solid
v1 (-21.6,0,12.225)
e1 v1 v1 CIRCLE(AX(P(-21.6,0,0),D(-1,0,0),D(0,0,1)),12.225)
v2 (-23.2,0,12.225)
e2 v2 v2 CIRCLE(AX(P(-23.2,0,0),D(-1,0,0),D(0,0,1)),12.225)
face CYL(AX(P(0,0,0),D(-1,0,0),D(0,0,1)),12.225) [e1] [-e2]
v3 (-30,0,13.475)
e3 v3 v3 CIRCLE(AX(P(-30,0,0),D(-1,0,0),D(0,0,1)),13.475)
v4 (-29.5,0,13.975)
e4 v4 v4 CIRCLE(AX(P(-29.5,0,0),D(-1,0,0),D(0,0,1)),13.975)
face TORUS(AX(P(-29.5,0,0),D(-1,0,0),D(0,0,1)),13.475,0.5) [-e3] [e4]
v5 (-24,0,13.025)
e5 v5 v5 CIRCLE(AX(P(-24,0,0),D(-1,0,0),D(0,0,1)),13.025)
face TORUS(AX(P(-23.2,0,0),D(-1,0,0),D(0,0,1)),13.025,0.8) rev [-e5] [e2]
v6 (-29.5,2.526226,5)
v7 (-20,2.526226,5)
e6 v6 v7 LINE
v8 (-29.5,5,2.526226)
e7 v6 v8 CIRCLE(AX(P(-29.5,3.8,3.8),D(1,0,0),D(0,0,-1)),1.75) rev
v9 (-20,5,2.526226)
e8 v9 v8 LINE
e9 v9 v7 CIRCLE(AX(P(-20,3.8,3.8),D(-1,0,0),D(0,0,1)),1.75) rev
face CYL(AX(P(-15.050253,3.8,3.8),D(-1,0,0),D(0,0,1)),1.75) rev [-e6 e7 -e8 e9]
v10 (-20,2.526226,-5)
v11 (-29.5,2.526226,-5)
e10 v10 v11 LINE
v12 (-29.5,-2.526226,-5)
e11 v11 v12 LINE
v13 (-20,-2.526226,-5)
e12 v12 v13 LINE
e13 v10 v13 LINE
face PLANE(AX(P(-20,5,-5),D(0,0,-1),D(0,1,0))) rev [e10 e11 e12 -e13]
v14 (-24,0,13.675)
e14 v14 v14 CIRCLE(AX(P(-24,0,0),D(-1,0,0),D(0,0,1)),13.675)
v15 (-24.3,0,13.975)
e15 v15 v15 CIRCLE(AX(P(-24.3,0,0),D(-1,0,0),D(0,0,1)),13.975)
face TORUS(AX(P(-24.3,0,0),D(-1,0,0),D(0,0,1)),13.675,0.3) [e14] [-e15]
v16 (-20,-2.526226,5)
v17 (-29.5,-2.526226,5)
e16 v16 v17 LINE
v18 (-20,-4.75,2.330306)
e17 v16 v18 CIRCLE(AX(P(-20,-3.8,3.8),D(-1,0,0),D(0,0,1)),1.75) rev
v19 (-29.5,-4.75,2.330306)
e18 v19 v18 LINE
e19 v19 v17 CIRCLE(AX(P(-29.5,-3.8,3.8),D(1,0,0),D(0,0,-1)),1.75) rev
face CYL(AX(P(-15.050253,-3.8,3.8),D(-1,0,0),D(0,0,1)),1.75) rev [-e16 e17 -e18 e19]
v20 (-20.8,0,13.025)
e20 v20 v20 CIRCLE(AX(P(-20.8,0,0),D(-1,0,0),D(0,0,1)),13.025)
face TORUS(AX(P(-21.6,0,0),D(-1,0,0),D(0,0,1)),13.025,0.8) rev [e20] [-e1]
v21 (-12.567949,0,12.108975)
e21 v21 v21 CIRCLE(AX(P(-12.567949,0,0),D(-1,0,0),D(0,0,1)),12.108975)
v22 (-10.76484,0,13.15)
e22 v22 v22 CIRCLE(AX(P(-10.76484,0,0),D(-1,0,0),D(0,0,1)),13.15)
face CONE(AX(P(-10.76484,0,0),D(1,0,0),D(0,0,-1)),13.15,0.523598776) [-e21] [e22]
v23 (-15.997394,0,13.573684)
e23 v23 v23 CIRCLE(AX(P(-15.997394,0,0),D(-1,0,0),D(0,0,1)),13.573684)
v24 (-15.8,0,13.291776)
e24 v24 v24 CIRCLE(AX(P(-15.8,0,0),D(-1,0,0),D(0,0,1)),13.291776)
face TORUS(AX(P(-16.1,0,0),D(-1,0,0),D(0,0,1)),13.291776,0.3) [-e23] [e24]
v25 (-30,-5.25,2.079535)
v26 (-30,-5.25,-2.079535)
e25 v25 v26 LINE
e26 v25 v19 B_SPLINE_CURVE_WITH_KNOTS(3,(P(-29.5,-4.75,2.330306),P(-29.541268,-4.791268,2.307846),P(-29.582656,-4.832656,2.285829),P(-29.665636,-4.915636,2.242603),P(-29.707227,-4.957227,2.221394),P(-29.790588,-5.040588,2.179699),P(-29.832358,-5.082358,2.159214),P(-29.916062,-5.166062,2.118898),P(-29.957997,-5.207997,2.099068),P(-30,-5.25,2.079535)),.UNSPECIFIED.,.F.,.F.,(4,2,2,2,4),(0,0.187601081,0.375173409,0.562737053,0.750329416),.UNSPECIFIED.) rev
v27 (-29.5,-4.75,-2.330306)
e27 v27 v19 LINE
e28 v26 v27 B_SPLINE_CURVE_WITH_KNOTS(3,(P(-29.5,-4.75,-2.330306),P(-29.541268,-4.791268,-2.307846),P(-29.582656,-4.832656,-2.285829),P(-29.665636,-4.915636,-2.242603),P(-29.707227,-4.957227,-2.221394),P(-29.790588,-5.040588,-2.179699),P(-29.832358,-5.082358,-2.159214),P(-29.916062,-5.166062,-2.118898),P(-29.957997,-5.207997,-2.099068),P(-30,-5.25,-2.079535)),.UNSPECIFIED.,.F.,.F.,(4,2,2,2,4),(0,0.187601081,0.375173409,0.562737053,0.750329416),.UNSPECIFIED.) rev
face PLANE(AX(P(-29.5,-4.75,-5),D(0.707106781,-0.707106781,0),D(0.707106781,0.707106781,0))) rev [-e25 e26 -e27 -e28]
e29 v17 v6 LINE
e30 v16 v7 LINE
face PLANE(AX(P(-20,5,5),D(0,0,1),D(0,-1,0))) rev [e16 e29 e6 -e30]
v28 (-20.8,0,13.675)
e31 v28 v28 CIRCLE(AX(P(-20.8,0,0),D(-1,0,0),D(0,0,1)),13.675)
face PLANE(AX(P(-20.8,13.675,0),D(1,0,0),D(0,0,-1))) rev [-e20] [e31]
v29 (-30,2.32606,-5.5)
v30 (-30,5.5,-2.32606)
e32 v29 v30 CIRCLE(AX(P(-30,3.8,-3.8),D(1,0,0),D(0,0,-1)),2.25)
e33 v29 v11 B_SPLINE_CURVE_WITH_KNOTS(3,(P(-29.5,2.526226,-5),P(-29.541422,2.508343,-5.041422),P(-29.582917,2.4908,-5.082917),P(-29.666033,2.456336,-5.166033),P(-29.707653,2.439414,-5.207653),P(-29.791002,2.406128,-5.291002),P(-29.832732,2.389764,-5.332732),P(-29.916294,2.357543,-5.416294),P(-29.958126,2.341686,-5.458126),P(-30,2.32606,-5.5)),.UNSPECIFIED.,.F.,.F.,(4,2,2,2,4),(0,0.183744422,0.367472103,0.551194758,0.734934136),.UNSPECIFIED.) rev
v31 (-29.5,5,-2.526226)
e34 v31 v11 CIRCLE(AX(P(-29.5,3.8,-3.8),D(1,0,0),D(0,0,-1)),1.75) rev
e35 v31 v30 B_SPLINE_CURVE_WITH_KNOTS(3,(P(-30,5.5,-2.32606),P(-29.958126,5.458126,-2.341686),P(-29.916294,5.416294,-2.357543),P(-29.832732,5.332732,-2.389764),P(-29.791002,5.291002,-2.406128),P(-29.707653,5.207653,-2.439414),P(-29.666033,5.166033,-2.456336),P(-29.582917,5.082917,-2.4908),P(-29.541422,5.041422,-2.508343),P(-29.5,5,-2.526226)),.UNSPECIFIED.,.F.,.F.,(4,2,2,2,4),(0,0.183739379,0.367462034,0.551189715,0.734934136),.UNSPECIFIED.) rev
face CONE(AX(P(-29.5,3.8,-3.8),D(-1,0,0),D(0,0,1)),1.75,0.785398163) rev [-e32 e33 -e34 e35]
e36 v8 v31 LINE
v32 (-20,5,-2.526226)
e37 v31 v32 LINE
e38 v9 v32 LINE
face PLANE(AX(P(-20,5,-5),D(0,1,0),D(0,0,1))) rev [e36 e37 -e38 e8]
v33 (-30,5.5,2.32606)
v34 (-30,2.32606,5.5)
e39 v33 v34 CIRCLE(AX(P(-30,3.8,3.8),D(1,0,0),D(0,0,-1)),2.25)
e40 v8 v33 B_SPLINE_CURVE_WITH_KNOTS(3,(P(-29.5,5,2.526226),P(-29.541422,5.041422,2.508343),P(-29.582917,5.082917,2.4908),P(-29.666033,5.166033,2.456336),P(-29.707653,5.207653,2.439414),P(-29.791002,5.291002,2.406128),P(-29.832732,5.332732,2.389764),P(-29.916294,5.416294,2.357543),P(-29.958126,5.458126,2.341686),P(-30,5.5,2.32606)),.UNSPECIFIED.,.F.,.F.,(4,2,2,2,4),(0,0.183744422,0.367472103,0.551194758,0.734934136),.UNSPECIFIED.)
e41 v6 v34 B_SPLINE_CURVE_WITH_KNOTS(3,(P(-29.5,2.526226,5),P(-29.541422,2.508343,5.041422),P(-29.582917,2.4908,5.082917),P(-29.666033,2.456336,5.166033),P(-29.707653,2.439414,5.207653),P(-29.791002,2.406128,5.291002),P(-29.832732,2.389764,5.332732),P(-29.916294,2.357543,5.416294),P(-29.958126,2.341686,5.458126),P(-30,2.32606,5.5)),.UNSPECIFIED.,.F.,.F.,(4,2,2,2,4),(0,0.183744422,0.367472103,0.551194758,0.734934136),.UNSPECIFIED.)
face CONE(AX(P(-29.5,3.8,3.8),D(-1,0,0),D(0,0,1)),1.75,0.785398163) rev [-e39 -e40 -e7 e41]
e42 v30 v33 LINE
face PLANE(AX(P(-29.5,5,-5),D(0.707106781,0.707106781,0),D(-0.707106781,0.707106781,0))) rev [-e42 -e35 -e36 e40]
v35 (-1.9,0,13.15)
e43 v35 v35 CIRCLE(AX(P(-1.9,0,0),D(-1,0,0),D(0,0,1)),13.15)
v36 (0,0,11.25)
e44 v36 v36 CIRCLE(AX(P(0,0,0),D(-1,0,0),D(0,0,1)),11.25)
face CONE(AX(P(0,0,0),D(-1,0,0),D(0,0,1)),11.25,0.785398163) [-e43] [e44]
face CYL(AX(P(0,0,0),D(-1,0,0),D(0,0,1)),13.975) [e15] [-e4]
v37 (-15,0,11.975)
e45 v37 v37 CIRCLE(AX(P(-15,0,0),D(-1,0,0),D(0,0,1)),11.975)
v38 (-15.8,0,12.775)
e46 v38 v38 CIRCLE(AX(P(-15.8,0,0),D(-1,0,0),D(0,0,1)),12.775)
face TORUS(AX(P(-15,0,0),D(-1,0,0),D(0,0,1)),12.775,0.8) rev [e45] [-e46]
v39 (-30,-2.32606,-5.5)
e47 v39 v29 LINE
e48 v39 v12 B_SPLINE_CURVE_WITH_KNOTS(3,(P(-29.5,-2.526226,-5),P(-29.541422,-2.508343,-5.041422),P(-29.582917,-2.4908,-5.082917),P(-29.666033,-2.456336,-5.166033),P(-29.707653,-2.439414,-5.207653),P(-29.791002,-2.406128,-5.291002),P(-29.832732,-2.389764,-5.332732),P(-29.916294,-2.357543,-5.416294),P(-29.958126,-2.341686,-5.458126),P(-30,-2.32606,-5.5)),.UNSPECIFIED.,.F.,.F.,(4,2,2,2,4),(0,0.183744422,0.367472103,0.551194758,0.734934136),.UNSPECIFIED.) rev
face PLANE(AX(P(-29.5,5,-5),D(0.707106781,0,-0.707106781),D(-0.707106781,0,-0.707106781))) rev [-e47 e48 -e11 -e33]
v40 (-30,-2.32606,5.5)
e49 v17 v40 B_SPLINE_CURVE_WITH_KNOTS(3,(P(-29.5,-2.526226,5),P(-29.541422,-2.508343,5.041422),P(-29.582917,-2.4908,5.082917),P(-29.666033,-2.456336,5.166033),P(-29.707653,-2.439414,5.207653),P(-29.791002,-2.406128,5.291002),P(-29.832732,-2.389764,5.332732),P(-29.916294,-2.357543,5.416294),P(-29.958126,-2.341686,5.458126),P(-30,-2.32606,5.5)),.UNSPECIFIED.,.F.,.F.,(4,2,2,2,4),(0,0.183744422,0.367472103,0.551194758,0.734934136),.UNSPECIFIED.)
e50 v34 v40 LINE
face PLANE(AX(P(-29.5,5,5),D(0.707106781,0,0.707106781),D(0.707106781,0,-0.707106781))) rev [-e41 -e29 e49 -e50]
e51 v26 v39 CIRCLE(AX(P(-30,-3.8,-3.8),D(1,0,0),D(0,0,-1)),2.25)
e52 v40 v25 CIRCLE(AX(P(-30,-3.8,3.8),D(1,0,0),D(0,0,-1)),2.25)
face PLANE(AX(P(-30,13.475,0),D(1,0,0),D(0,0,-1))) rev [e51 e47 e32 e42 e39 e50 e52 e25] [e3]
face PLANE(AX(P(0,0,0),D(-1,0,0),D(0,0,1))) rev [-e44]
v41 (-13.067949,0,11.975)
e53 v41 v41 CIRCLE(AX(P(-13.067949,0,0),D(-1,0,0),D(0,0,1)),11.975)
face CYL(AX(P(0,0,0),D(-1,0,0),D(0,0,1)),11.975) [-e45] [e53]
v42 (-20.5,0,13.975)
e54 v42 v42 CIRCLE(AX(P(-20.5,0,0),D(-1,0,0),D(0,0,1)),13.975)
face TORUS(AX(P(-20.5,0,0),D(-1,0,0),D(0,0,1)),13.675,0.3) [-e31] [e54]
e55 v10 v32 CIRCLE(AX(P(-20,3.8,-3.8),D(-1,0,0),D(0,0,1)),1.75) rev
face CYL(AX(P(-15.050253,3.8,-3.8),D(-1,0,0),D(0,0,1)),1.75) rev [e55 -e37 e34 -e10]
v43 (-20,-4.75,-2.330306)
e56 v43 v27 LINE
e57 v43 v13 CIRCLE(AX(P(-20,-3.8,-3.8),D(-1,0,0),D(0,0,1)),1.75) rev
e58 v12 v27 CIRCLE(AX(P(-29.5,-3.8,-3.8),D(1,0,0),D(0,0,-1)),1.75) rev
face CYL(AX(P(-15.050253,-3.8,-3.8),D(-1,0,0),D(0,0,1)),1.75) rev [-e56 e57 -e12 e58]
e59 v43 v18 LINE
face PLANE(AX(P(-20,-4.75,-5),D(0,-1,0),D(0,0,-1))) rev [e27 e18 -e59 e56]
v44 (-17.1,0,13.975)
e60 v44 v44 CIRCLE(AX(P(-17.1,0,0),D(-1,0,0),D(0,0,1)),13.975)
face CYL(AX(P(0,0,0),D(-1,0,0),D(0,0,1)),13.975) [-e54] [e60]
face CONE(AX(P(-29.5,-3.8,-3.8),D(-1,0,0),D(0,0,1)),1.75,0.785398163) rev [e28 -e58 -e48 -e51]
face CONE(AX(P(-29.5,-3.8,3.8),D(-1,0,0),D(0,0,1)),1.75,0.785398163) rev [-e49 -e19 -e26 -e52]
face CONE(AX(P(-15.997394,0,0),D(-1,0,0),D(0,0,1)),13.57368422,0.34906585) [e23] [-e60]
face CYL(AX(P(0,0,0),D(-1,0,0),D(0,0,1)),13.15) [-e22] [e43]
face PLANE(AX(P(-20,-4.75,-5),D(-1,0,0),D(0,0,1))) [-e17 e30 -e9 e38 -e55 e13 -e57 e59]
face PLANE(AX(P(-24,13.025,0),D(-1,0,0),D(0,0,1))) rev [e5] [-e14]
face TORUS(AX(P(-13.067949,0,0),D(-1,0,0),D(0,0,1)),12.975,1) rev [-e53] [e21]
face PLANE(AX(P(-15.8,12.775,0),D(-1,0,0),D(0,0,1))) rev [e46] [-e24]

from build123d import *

# Parameters (mm, degrees)
SKETCH2_W          = 10
SKETCH2_H          = 9.75
CUT_EXTRUDE1_DEPTH = 10
SKETCH3_R          = 1.75
CUT_EXTRUDE2_DEPTH = 10
CHAMFER1_SIZE      = 0.5


with BuildPart() as part:
    # Sketch1 → Revolve1 (revolve)
    with BuildSketch(Plane.XY, mode=Mode.PRIVATE) as revolve1_sk:
        with BuildLine():
            Line((0, 0), (0, 11.25))
            Line((0, 11.25), (-1.9, 13.15))
            Line((-1.9, 13.15), (-10.764840301, 13.15))
            Line((-10.764840301, 13.15), (-12.567949192, 12.108974596))
            ThreePointArc((-12.567949192, 12.108974596), (-12.809130147, 12.009074174), (-13.067949192, 11.975))
            Line((-13.067949192, 11.975), (-15, 11.975))
            ThreePointArc((-15, 11.975), (-15.565685425, 12.209314575), (-15.8, 12.775))
            Line((-15.8, 12.775), (-15.8, 13.291776434))
            ThreePointArc((-15.8, 13.291776434), (-15.854254387, 13.463849365), (-15.997393957, 13.57368422))
            Line((-15.997393957, 13.57368422), (-17.1, 13.975))
            Line((-17.1, 13.975), (-20.5, 13.975))
            ThreePointArc((-20.5, 13.975), (-20.712132034, 13.887132034), (-20.8, 13.675))
            Line((-20.8, 13.675), (-20.8, 13.025))
            ThreePointArc((-20.8, 13.025), (-21.034314575, 12.459314575), (-21.6, 12.225))
            Line((-21.6, 12.225), (-23.2, 12.225))
            ThreePointArc((-23.2, 12.225), (-23.765685425, 12.459314575), (-24, 13.025))
            Line((-24, 13.025), (-24, 13.675))
            ThreePointArc((-24, 13.675), (-24.087867966, 13.887132034), (-24.3, 13.975))
            Line((-24.3, 13.975), (-29.5, 13.975))
            ThreePointArc((-29.5, 13.975), (-29.853553391, 13.828553391), (-30, 13.475))
            Line((-30, 13.475), (-30, 0))
            Line((-30, 0), (0, 0))
        make_face()
    revolve(revolve1_sk.sketch.rotate(Axis((0, 0, 0), (1, 0, 0)), 90), axis=Axis((0, 0, 0), (1, 0, 0)))

    # Sketch2 → Cut-Extrude1 (cut)
    with BuildSketch(Plane.ZY.offset(30)):
        with Locations((0, 0.125)):
            Rectangle(SKETCH2_W, SKETCH2_H)
    extrude(amount=-CUT_EXTRUDE1_DEPTH, mode=Mode.SUBTRACT)

    # Sketch3 → Cut-Extrude2 (cut)
    with BuildSketch(Plane.ZY.offset(30)):
        with Locations((-3.8, 3.8)):
            Circle(SKETCH3_R)
        with Locations((3.8, 3.8)):
            Circle(SKETCH3_R)
        with Locations((-3.8, -3.8)):
            Circle(SKETCH3_R)
        with Locations((3.8, -3.8)):
            Circle(SKETCH3_R)
    extrude(amount=-CUT_EXTRUDE2_DEPTH, mode=Mode.SUBTRACT)

    # Chamfer1
    chamfer1_edges = [part.edges().sort_by_distance(p)[0] for p in [
        (-30, -4.75, 0),
        (-30, 0, 5),
        (-30, 5, 0),
        (-30, 0, -5),
        (-30, 5.037436867, 5.037436867),
        (-30, -5.144627716, -4.920034064),
        (-30, -5.144627716, 4.920034064),
        (-30, 5.037436867, -5.037436867),
    ]]
    chamfer(chamfer1_edges, length=CHAMFER1_SIZE)


solid = part.part
